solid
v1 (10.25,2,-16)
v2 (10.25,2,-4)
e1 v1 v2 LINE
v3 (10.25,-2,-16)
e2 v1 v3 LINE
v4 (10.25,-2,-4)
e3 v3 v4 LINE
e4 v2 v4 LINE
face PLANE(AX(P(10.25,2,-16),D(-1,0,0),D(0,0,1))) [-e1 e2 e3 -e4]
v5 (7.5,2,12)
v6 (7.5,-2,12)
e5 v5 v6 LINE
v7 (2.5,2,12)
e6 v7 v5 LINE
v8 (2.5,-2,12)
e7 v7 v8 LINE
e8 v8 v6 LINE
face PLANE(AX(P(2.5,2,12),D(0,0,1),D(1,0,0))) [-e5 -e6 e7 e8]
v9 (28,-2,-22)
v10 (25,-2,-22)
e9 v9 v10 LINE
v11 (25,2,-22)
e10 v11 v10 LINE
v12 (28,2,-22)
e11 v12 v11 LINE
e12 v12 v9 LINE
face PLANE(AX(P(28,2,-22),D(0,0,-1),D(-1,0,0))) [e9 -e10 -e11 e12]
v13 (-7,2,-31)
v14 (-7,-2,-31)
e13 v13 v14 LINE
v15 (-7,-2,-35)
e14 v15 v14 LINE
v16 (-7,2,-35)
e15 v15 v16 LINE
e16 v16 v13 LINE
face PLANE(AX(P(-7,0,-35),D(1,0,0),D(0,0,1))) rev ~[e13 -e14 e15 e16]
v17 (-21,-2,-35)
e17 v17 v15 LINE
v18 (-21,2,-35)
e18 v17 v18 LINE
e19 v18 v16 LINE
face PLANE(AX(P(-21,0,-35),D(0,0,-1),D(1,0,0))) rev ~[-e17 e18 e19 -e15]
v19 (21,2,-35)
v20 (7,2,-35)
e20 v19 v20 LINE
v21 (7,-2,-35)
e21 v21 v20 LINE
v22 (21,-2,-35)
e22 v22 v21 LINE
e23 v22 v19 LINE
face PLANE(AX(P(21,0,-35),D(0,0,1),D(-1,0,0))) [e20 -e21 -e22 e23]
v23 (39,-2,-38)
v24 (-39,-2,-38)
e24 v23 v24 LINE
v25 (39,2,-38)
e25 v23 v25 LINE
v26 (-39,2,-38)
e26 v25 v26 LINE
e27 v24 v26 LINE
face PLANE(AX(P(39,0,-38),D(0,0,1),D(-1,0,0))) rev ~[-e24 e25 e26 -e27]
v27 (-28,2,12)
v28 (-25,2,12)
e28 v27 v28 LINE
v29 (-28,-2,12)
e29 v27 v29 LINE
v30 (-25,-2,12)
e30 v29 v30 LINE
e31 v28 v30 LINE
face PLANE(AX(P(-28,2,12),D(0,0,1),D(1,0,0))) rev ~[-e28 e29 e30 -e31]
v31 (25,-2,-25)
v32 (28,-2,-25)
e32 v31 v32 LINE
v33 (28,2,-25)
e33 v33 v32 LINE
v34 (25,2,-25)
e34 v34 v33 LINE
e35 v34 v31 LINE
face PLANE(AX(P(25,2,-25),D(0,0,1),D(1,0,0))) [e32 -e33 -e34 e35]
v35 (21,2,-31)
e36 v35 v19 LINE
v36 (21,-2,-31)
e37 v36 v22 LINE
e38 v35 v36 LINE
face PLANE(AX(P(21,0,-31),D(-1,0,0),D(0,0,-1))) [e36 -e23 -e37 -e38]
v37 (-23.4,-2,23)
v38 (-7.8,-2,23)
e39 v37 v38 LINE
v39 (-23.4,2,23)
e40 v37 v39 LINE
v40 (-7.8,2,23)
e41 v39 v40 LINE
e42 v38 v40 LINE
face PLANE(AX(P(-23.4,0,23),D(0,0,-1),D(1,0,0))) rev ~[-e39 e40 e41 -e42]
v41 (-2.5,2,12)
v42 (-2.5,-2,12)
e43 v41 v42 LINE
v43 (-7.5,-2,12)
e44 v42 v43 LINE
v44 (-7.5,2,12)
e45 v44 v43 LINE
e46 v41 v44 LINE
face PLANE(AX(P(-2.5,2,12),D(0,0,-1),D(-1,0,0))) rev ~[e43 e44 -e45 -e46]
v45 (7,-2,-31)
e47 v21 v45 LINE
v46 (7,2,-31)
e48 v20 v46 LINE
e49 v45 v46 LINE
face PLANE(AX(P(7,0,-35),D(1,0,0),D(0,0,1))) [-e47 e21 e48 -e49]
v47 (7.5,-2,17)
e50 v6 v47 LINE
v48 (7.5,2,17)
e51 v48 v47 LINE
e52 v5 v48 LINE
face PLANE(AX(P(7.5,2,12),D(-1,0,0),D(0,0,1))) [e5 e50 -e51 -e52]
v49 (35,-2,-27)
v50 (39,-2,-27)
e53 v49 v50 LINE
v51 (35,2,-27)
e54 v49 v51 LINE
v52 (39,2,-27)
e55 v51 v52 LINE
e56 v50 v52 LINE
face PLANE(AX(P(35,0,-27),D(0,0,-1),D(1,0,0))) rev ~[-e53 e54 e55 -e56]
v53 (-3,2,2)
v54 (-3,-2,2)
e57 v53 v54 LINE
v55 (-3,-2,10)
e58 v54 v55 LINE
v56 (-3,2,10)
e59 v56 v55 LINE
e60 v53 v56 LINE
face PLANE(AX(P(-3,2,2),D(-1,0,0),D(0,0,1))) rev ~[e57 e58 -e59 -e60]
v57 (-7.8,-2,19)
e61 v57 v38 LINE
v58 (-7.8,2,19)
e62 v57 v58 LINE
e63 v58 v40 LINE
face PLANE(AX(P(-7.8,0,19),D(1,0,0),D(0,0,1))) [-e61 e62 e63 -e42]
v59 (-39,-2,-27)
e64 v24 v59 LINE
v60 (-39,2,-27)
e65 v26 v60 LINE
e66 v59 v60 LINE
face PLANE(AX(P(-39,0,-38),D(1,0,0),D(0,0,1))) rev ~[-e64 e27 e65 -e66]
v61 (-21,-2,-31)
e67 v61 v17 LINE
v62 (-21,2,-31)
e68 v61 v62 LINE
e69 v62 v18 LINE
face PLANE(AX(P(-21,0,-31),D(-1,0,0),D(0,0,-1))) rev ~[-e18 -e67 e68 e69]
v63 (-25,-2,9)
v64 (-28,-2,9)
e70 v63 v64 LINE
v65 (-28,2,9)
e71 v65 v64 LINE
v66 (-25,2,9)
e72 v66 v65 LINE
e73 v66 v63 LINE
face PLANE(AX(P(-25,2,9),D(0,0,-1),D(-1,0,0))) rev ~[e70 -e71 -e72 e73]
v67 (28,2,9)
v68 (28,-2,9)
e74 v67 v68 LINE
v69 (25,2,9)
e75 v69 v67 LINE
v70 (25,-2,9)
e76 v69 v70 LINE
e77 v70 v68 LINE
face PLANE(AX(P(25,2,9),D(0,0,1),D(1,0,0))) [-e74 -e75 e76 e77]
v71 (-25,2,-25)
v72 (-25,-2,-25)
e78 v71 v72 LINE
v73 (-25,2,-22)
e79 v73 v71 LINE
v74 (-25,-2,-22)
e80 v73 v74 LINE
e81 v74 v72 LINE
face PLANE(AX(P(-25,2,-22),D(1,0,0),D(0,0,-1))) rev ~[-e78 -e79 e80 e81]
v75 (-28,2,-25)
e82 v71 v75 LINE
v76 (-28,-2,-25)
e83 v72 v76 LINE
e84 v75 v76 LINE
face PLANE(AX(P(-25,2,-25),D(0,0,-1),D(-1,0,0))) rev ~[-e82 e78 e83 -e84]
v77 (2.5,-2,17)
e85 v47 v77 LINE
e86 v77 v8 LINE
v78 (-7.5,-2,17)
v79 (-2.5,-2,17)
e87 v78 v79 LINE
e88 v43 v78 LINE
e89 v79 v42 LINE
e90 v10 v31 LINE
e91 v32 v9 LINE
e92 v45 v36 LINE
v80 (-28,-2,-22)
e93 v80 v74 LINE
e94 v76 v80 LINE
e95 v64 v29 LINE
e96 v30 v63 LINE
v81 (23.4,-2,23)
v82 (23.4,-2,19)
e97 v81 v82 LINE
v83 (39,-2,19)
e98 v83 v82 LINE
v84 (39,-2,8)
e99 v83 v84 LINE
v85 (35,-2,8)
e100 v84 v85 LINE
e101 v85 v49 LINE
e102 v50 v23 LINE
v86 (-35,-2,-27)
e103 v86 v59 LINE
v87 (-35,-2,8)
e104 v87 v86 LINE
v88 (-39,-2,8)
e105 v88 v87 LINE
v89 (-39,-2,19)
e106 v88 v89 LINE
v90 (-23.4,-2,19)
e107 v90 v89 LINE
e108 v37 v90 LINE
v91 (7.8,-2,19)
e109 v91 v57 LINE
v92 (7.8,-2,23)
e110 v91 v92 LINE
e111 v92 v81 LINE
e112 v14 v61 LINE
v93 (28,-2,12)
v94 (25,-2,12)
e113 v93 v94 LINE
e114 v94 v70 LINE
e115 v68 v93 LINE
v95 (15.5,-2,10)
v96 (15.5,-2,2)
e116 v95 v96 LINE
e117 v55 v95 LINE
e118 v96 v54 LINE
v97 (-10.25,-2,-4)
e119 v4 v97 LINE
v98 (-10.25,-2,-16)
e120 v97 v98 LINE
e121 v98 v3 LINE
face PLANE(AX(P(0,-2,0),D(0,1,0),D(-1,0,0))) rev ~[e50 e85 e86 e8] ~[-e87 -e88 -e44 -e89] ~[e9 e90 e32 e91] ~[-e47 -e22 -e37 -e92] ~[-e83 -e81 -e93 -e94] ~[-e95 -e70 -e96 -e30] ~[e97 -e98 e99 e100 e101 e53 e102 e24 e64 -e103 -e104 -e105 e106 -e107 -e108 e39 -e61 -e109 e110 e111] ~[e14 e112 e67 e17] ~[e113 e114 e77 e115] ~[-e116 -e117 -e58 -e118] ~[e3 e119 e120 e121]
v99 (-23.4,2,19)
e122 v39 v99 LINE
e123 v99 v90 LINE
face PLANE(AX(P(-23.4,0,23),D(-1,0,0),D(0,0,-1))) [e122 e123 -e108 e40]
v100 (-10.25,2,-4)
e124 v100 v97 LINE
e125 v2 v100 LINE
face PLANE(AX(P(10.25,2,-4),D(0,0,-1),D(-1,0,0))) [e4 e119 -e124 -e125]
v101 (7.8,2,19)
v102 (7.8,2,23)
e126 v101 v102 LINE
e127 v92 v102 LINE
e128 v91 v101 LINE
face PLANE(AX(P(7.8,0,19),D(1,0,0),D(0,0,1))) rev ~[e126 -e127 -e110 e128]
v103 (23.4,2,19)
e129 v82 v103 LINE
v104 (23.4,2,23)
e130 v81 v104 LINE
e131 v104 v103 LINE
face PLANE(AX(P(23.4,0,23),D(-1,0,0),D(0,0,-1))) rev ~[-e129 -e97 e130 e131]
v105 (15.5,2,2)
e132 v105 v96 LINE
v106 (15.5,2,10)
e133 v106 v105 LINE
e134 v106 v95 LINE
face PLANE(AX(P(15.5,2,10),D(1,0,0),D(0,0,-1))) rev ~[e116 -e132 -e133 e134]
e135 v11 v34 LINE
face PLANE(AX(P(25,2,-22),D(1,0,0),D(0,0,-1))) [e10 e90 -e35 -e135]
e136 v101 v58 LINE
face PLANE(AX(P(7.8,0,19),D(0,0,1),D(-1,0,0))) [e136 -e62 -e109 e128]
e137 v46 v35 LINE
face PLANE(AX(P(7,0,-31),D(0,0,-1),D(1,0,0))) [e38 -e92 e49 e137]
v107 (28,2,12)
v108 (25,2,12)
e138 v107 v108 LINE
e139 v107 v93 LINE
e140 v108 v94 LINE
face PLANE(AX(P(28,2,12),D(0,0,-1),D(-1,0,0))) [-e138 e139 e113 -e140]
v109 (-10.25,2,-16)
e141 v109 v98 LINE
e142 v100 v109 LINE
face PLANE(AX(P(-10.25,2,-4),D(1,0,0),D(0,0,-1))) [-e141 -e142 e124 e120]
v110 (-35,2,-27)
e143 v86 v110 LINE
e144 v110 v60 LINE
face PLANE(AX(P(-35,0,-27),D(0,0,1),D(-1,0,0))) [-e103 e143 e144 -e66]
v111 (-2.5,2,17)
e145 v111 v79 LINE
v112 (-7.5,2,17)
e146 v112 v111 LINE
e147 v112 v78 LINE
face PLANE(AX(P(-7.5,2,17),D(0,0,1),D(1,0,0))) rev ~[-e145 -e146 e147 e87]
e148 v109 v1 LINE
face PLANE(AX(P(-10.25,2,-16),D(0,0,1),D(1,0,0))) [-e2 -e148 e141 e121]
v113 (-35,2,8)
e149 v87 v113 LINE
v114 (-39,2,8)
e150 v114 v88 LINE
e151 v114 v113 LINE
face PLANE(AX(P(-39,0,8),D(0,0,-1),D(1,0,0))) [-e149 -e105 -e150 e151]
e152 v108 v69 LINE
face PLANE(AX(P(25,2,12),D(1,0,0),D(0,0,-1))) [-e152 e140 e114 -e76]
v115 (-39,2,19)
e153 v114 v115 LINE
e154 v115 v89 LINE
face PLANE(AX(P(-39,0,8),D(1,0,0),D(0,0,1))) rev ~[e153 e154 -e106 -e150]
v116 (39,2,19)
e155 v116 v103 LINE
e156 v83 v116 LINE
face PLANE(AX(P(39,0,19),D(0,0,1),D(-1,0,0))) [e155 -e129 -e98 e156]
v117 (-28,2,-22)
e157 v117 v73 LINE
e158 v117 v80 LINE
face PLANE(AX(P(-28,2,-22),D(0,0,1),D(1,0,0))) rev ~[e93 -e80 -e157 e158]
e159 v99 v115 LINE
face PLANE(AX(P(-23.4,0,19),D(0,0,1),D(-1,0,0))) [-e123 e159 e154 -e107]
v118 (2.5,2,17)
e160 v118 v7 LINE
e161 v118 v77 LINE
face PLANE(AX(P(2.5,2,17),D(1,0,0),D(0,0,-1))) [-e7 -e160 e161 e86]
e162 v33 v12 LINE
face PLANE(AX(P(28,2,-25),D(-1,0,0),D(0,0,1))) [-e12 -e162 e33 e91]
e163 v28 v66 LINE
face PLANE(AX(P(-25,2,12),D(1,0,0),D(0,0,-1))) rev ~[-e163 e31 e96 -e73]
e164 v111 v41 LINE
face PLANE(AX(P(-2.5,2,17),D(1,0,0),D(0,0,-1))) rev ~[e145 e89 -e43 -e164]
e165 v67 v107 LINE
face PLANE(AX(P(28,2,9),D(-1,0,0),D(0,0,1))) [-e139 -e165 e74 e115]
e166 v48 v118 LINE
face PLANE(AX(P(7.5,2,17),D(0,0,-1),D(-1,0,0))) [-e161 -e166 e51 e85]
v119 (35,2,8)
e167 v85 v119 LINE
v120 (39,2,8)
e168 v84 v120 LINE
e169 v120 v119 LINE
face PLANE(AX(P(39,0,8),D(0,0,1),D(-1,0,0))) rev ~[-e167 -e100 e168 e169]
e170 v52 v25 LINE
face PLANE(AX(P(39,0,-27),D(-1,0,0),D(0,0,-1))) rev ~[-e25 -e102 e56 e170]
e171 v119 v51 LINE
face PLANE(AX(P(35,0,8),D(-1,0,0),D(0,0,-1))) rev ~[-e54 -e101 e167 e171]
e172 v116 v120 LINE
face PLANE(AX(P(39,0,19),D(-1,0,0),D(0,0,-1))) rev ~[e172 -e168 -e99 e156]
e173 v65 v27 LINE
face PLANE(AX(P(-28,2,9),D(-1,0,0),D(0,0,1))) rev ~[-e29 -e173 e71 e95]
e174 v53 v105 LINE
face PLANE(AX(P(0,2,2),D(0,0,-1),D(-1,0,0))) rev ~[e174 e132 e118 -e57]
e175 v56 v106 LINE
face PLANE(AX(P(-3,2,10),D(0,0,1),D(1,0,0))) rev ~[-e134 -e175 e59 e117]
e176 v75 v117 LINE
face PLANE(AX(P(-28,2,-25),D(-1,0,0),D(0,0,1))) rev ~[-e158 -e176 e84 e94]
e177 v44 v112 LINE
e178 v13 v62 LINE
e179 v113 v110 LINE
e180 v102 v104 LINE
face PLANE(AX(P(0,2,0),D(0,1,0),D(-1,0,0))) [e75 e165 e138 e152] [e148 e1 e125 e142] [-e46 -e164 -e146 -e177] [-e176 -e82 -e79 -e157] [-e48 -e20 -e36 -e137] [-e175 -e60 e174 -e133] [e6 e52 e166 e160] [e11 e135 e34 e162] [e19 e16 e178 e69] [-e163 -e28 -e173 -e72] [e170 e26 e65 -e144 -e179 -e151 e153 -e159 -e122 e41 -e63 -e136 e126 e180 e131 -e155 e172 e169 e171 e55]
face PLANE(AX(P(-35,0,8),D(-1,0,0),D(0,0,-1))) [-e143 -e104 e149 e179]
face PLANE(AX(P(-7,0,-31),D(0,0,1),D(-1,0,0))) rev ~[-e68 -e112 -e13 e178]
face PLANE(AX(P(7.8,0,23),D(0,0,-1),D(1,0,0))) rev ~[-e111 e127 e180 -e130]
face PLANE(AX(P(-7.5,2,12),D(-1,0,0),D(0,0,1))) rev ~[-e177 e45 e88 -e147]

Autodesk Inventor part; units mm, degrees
ref_plane "YZ Plane" through (0, 0, 0) normal (1, 0, 0) x (0, 1, 0)
ref_plane "XZ Plane" through (0, 0, 0) normal (0, 1, 0) x (-1, 0, 0)
ref_plane "XY Plane" through (0, 0, 0) normal (0, 0, 1) x (1, 0, 0)
sketch "Sketch1" plane through (0, 0, 0) normal (0, 1, 0) x (-1, 0, 0)
  line L0 (39, 23) -> (-39, 23)
  line L1 (-39, 23) -> (-39, -38)
  line L2 (-39, -38) -> (39, -38)
  line L3 (39, -38) -> (39, 23)
  line L4 (-7, -31) -> (-21, -31)
  line L5 (-21, -31) -> (-21, -35)
  line L6 (-21, -35) -> (-7, -35)
  line L7 (-7, -35) -> (-7, -31)
  line L8 (-39, 8) -> (-35, 8)
  line L9 (-35, 8) -> (-35, -27)
  line L10 (-35, -27) -> (-39, -27)
  line L11 (-39, -27) -> (-39, 8)
  line L12 (-7.8, 23) -> (-23.4, 23)
  line L13 (-23.4, 23) -> (-23.4, 19)
  line L14 (-23.4, 19) -> (-7.8, 19)
  line L15 (-7.8, 19) -> (-7.8, 23)
  line L16 (0, 0) -> (0, -17.5171)
  line L17 (7, -31) -> (21, -31)
  line L18 (21, -31) -> (21, -35)
  line L19 (21, -35) -> (7, -35)
  line L20 (7, -35) -> (7, -31)
  line L21 (39, 8) -> (35, 8)
  line L22 (35, 8) -> (35, -27)
  line L23 (35, -27) -> (39, -27)
  line L24 (23.4, 23) -> (23.4, 19)
  line L25 (23.4, 19) -> (7.8, 19)
  line L26 (7.8, 19) -> (7.8, 23)
  line L27 (-39, 19) -> (39, 19)
  point P0 (0, -38)
  point P1 (-39, -7.5)
  point P2 (-7, -33)
  point P3 (7, -33)
  point P4 (-7.8, 19)
  point P5 (-23.4, 19)
  point P6 (-39, -27)
  point P7 (39, -27)
  point P8 (39, 8)
  point P9 (23.4, 19)
  point P10 (7.8, 19)
  point P11 (35, -9.5)
  point P12 (-35, -9.5)
  dimension "d0" = 61
  dimension "d1" = 78
  dimension "d2" = 14
  dimension "d3" = 4
  dimension "d4" = 3
  dimension "d5" = 7
  dimension "d6" = 35
  dimension "d7" = 11
  dimension "d8" = 15.6
  dimension "d9" = 15.6
  dimension "d12" = 4
  dimension "d13" = 4
  dimension "d35" = 4
extrude "Extrusion1" add sketch "Sketch1" along normal mid plane 4 contours L24 L25 L26 L0 | L3 L21 L22 L23 L2 L1 L10 L9 L8 L27 L14 L25 | L15 L14 L13 L0
sketch "Sketch2" plane through (0, 2, 0) normal (0, 1, 0) x (1, 0, 0)
  line L0 (35, 27) -> (39, 27) projected
  line L1 (35, 27) -> (15.5, 27) construction
  line L2 (15.5, -2) -> (-3, -2)
  line L3 (-3, -2) -> (-3, -10)
  line L4 (-3, -10) -> (15.5, -10)
  line L5 (15.5, -10) -> (15.5, -2)
  line L6 (21, 31) -> (7, 31) projected
  line L7 (7.5, -17) -> (2.5, -17)
  line L8 (2.5, -17) -> (2.5, -12)
  line L9 (2.5, -12) -> (7.5, -12)
  line L10 (7.5, -12) -> (7.5, -17)
  line L11 (0, 0) -> (0, -2.2371)
  line L12 (-7.5, -17) -> (-2.5, -17)
  line L13 (-2.5, -17) -> (-2.5, -12)
  line L14 (-2.5, -12) -> (-7.5, -12)
  line L15 (-7.5, -12) -> (-7.5, -17)
  line L16 (28, -12) -> (25, -12)
  line L17 (25, -12) -> (25, -9)
  line L18 (25, -9) -> (28, -9)
  line L19 (28, -9) -> (28, -12)
  line L20 (35, -8) -> (35, 27) projected
  line L21 (23.4, -19) -> (39, -19) projected
  line L22 (-28, -12) -> (-25, -12)
  line L23 (-25, -12) -> (-25, -9)
  line L24 (-25, -9) -> (-28, -9)
  line L25 (-28, -9) -> (-28, -12)
  line L26 (-10.25, 16) -> (10.25, 16)
  line L27 (10.25, 16) -> (10.25, 4)
  line L28 (10.25, 4) -> (-10.25, 4)
  line L29 (-10.25, 4) -> (-10.25, 16)
  line L30 (39, 38) -> (-39, 38) projected
  line L31 (7.8, -23) -> (23.4, -23) projected
  line L32 (28, 22) -> (25, 22)
  line L33 (25, 22) -> (25, 25)
  line L34 (25, 25) -> (28, 25)
  line L35 (28, 25) -> (28, 22)
  line L36 (-28, 22) -> (-25, 22)
  line L37 (-25, 22) -> (-25, 25)
  line L38 (-25, 25) -> (-28, 25)
  line L39 (-28, 25) -> (-28, 22)
  point P0 (14, 31)
  point P1 (5, -17)
  point P2 (-5, -17)
  point P3 (28, -10.5)
  point P4 (31.2, -19)
  point P5 (-28, -10.5)
  point P6 (0, 16)
  point P7 (0, 38)
  point P8 (26.5, 22)
  point P9 (26.5, -9)
  point P10 (-26.5, 22)
  dimension "d14" = 19.5
  dimension "d15" = 18.5
  dimension "d16" = 8
  dimension "d17" = 41
  dimension "d20" = 5
  dimension "d21" = 5
  dimension "d22" = 5
  dimension "d23" = 43
  dimension "d26" = 3
  dimension "d27" = 3
  dimension "d28" = 7
  dimension "d31" = 20.5
  dimension "d32" = 12
  dimension "d33" = 6
  dimension "d34" = 11
  dimension "d36" = 3
  dimension "d37" = 3
  dimension "d38" = 31
extrude "Extrusion2" cut sketch "Sketch2" against normal up to surface (4 mm away)
equation "\"d5\" = 0.5 * d2"
equation "\"d8\" = 0.2 * d1"
equation "\"d9\" = d8"
equation "\"d35\" = d12"
equation "\"d21\" = d20"
properties part number "Front"
